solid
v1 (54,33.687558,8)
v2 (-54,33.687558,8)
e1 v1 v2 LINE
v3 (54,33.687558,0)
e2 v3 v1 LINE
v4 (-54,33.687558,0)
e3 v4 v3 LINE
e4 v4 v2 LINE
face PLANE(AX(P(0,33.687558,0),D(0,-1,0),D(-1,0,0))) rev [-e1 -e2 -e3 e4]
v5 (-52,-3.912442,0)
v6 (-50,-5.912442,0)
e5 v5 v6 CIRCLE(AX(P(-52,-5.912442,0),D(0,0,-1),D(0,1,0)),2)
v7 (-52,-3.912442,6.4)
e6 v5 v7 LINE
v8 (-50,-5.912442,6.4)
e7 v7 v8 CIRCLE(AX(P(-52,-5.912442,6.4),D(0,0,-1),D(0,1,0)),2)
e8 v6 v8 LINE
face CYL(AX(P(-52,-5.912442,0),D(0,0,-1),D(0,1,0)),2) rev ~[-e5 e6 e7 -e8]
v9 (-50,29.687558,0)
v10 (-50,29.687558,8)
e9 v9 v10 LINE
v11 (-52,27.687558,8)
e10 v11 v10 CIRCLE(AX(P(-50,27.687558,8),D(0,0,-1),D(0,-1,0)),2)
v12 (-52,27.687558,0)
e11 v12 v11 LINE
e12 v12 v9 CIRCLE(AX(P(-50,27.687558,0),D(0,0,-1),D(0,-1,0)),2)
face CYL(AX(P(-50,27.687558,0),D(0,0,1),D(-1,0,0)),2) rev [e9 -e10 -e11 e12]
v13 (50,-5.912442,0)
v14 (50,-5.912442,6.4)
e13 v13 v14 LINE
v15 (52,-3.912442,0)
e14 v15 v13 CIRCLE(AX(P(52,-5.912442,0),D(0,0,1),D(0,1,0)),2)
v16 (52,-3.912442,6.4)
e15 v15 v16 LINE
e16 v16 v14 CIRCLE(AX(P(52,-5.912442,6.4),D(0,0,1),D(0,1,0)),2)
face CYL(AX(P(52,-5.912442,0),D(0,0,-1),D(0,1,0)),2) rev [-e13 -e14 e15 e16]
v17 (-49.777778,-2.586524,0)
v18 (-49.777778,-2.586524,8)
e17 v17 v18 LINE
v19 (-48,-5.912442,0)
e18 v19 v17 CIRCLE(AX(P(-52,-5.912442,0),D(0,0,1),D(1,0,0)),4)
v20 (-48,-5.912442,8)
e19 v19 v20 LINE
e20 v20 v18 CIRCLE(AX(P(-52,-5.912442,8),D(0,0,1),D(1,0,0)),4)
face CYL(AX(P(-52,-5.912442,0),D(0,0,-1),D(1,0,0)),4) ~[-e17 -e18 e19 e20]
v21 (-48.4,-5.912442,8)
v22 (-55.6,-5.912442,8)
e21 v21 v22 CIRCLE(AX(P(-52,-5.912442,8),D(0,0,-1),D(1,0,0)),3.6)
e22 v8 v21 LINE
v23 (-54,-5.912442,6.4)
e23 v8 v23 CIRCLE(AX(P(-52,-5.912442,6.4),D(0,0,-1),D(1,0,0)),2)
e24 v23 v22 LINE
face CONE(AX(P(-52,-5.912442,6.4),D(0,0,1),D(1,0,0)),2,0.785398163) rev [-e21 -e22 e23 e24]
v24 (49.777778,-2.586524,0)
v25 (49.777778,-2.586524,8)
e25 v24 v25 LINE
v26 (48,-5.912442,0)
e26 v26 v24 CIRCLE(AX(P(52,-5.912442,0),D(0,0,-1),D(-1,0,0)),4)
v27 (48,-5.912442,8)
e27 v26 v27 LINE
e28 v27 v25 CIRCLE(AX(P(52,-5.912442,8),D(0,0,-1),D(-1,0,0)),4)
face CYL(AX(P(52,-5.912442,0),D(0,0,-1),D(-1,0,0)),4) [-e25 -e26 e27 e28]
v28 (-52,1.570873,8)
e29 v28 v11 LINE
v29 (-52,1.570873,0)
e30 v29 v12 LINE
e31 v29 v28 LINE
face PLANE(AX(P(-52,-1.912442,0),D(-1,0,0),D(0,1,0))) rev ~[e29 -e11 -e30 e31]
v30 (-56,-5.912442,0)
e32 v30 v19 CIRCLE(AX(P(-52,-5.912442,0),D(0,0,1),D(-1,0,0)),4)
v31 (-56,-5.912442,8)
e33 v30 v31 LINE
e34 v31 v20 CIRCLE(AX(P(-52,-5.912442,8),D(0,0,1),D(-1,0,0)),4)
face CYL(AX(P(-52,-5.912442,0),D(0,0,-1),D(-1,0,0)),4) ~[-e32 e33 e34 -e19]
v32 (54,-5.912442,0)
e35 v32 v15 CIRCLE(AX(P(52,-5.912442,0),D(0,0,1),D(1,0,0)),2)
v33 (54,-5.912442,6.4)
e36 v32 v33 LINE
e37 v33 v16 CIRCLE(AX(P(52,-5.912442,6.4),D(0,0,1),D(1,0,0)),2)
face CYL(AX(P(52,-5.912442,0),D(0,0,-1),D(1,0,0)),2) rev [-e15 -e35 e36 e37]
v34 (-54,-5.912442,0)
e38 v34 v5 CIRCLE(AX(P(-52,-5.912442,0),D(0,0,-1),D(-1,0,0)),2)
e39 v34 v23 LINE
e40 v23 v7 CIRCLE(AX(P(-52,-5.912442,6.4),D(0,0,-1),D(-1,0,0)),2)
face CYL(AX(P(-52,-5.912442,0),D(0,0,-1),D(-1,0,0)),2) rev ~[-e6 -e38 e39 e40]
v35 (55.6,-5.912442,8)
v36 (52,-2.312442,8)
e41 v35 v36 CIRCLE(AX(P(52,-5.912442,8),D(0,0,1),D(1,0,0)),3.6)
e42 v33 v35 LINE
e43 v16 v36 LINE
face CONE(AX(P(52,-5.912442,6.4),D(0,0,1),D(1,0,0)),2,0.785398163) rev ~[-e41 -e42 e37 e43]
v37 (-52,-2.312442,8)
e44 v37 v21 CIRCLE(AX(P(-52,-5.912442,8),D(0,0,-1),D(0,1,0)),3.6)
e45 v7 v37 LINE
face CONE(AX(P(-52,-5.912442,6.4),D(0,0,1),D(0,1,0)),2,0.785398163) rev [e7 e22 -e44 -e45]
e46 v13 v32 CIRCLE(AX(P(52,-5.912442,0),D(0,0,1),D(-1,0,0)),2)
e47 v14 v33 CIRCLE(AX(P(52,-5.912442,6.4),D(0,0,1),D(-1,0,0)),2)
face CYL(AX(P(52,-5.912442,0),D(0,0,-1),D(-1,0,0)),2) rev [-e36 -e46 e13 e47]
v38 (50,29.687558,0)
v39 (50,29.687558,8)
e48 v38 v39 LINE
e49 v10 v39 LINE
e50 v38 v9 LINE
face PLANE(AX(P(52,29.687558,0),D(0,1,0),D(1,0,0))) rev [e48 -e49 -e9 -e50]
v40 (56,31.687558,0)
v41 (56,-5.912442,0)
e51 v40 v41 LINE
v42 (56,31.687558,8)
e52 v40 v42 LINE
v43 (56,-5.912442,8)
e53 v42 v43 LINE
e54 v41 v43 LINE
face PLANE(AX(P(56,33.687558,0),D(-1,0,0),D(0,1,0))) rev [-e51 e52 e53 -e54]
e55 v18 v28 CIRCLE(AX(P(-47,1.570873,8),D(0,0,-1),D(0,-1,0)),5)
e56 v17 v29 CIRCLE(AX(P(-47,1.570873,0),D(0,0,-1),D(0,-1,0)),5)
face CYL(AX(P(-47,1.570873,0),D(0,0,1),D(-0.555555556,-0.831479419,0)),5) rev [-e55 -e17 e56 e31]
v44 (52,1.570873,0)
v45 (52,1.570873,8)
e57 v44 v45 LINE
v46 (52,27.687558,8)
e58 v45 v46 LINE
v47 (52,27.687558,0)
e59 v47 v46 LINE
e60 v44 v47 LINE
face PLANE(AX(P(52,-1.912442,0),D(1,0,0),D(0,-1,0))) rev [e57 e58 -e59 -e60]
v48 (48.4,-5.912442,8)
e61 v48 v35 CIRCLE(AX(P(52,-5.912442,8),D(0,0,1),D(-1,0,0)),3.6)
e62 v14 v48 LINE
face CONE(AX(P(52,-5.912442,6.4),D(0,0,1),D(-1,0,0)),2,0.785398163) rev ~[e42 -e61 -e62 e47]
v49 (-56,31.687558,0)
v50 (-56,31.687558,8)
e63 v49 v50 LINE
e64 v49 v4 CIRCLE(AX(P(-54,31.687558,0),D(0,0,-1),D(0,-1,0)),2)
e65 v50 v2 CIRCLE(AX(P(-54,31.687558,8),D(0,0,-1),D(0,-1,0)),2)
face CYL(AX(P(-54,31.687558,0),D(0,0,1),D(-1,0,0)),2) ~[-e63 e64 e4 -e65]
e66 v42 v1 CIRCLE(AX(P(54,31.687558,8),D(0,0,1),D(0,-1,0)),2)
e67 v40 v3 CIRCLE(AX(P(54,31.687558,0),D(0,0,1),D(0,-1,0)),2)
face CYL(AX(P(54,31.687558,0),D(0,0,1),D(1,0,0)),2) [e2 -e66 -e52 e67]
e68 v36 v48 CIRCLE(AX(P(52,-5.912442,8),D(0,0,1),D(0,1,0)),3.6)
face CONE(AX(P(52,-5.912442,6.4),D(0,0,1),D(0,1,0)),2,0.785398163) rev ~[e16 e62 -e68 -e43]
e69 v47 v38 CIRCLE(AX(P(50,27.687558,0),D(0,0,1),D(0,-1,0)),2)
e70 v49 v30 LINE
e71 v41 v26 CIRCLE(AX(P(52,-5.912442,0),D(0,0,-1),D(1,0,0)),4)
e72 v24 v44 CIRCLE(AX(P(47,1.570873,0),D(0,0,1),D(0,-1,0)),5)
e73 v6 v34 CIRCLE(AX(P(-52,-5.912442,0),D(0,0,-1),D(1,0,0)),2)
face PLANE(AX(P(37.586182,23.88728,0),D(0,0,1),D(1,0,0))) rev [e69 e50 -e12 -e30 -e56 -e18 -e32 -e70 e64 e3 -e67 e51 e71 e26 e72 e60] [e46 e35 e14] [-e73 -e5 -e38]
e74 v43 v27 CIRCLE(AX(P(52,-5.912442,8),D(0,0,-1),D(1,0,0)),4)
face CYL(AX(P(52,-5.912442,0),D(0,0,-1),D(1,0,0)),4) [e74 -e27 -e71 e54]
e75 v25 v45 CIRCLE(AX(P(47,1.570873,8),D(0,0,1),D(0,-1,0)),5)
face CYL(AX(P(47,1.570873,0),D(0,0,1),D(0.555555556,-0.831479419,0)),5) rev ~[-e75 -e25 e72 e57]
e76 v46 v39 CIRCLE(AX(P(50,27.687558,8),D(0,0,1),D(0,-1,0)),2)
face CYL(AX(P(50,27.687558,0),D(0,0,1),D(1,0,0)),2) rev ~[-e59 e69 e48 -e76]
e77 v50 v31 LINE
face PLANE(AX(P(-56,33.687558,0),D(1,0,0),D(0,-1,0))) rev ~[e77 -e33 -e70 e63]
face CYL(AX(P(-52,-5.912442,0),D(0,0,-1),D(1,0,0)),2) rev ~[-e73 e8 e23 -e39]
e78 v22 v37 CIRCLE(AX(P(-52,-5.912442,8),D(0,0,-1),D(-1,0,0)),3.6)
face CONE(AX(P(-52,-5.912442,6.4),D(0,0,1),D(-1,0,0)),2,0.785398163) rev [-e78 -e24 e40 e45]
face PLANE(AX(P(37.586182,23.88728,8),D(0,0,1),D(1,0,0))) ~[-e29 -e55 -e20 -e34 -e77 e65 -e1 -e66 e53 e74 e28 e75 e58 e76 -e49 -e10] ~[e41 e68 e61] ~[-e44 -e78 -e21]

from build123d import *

# Parameters (mm, degrees)
F1_DEPTH = 8
F2_R     = 5
F3_R     = 2
F4_SIZE  = 1.6


with BuildPart() as f1:
    # F0 (on Top) → F1 (new body)
    with BuildSketch(Plane.XY):
        with BuildLine():
            Line((-52, 29.6875580251), (0, 29.6875580251))
            Line((0, 29.6875580251), (0, 33.6875580251))
            Line((0, 33.6875580251), (-56, 33.6875580251))
            Line((-56, 33.6875580251), (-56, -5.9124419749))
            ThreePointArc((-56, -5.9124419749), (-54.8284271247, -3.0840148501), (-52, -1.9124419749))
            Line((-52, -1.9124419749), (-52, 29.6875580251))
        make_face()
        with BuildLine():
            Line((-52, -3.9124419749), (-52, -1.9124419749))
            ThreePointArc((-52, -1.9124419749), (-54.8284271247, -3.0840148501), (-56, -5.9124419749))
            Line((-56, -5.9124419749), (-54, -5.9124419749))
            ThreePointArc((-54, -5.9124419749), (-53.4142135624, -4.4982284125), (-52, -3.9124419749))
        make_face()
        with BuildLine():
            ThreePointArc((-48, -5.9124419749), (-49.1715728753, -3.0840148501), (-52, -1.9124419749))
            Line((-52, -1.9124419749), (-52, -3.9124419749))
            ThreePointArc((-52, -3.9124419749), (-50.5857864376, -4.4982284125), (-50, -5.9124419749))
            ThreePointArc((-50, -5.9124419749), (-52, -7.9124419749), (-54, -5.9124419749))
            Line((-54, -5.9124419749), (-56, -5.9124419749))
            ThreePointArc((-56, -5.9124419749), (-52, -9.9124419749), (-48, -5.9124419749))
        make_face()
    extrude(amount=F1_DEPTH)

    # F2
    f2_edges = [f1.edges().sort_by_distance(p)[0] for p in [
        (-52, -1.912442, 4),
    ]]
    fillet(f2_edges, radius=F2_R)

    # F3
    f3_edges = [f1.edges().sort_by_distance(p)[0] for p in [
        (-52, 29.687558, 4),
        (-56, 33.687558, 4),
    ]]
    fillet(f3_edges, radius=F3_R)

    # F4
    f4_edges = [f1.edges().sort_by_distance(p)[0] for p in [
        (-52, -7.912442, 8),
    ]]
    chamfer(f4_edges, length=F4_SIZE)

    # F5: F1 across plane


with BuildPart() as f1_1:
    add(f1.part)
    add(f1.part.mirror(Plane.YZ))


solid = f1_1.part
